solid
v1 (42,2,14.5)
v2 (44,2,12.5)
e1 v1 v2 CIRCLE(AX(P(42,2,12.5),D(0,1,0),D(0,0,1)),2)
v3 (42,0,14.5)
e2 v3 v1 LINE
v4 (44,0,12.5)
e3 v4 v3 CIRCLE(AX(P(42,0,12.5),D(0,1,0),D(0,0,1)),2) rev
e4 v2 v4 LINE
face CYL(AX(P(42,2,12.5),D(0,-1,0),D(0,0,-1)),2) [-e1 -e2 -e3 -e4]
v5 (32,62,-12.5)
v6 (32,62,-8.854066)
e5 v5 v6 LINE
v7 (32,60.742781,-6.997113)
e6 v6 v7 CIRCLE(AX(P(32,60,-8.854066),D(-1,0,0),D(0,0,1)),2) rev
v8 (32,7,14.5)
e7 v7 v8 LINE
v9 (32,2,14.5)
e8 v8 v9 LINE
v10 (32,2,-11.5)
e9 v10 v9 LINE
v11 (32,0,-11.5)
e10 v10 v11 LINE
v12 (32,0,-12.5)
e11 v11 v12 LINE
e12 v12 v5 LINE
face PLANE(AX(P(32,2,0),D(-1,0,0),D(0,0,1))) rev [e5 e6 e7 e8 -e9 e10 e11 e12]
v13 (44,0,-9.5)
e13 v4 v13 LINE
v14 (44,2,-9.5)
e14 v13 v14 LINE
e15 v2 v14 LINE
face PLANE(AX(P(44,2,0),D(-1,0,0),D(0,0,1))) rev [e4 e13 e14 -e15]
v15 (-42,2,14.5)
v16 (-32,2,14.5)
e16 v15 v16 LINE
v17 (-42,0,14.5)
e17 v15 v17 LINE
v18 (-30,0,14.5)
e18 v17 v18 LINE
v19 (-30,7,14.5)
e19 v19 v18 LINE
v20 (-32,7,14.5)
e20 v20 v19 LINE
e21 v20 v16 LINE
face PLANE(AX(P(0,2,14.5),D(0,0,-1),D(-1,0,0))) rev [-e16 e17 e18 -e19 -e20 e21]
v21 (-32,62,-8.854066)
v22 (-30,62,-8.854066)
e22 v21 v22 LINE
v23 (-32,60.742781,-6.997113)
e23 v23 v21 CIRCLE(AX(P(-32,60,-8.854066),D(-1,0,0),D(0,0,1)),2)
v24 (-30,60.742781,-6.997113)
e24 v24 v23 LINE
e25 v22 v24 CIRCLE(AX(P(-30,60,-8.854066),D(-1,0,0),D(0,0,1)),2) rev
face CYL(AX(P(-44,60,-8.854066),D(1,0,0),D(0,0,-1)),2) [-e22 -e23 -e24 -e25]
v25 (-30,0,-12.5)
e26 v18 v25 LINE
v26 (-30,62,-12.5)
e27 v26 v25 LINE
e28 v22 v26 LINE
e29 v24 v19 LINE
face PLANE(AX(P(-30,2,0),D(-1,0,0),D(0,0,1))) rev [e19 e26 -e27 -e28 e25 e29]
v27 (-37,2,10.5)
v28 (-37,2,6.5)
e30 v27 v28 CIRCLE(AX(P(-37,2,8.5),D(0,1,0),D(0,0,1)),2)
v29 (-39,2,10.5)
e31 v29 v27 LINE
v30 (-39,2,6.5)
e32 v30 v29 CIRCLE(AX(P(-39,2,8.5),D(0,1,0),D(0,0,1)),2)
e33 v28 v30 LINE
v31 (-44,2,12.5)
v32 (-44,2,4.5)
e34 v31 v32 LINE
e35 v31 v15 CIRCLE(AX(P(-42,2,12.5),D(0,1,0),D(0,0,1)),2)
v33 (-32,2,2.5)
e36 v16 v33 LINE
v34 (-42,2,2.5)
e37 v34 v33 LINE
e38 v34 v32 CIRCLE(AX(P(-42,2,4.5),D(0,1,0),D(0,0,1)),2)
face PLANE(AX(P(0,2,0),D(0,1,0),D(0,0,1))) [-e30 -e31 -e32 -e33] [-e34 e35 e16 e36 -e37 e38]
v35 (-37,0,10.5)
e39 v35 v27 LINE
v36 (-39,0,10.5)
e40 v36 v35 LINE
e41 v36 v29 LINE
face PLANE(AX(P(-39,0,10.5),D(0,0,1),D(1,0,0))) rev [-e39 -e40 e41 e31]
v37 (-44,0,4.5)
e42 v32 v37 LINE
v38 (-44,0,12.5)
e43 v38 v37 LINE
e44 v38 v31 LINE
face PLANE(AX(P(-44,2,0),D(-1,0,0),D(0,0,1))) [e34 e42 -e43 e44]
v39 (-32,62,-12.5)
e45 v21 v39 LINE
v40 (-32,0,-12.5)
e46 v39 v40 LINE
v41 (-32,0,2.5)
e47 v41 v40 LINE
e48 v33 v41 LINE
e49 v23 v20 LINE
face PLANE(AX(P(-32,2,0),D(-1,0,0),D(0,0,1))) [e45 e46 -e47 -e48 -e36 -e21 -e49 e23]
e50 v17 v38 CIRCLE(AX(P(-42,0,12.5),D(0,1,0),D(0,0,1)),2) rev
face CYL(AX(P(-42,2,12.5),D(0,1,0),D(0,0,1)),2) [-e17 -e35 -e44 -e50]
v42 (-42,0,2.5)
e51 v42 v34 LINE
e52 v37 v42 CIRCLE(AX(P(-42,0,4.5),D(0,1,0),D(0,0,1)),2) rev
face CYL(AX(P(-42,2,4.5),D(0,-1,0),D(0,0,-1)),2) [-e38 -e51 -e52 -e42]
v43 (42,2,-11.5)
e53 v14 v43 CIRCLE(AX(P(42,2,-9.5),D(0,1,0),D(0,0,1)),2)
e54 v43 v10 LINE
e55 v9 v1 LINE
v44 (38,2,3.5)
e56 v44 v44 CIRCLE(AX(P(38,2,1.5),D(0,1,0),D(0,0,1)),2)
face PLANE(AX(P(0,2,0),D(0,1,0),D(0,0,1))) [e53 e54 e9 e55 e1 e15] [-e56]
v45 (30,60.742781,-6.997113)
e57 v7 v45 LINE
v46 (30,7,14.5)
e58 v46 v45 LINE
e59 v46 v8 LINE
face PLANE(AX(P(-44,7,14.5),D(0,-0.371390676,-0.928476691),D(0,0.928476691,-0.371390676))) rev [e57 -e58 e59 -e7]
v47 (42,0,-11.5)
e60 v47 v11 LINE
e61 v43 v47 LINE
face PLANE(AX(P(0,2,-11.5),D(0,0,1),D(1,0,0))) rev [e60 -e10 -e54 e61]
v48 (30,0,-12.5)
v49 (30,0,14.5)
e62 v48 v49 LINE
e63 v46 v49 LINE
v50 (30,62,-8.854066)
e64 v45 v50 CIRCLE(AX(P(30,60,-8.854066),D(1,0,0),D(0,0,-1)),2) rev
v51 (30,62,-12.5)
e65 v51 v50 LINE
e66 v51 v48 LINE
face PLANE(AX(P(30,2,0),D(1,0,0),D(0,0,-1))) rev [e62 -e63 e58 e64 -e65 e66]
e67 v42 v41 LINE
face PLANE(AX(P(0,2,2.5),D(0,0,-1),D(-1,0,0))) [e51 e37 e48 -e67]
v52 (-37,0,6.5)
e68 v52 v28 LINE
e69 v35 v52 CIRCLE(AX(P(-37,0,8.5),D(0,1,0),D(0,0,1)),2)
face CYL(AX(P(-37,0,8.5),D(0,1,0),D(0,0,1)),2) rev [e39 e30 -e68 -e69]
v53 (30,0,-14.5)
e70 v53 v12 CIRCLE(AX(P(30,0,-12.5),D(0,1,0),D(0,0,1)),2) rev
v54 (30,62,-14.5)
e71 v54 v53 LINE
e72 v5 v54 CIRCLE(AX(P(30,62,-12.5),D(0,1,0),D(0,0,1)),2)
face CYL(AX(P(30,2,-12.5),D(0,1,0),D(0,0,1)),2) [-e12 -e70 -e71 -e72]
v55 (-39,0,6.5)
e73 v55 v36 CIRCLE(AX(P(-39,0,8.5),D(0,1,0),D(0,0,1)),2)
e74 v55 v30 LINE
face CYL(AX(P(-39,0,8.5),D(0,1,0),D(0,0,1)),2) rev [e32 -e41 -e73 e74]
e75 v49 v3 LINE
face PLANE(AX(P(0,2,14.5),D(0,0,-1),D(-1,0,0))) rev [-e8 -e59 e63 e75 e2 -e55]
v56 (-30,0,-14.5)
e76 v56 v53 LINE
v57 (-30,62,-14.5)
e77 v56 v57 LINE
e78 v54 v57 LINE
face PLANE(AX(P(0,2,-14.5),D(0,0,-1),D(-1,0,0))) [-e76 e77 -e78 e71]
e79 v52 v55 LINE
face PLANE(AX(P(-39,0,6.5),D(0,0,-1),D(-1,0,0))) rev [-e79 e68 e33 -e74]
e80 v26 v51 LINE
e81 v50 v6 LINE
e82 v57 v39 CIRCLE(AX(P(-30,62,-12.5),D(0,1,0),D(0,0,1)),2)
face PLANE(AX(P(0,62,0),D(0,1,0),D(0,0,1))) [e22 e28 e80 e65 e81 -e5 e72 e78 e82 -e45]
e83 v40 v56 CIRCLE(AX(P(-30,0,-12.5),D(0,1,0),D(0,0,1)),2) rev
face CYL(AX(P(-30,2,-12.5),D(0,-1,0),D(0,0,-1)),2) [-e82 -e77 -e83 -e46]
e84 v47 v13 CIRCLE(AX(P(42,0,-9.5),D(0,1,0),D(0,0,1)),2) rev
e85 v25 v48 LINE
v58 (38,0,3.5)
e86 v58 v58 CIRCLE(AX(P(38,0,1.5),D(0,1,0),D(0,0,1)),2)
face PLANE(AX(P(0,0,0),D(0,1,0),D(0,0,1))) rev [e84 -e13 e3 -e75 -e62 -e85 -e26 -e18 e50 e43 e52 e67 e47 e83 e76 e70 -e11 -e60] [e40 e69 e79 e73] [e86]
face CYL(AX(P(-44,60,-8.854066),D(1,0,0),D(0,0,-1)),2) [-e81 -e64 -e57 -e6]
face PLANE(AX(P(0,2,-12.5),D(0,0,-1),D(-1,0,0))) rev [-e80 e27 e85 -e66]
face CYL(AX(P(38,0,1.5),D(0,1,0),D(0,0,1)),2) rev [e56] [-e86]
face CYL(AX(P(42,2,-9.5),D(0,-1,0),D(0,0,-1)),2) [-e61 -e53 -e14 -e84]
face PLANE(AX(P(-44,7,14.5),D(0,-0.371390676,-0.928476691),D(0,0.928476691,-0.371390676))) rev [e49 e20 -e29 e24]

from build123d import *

# Parameters (mm, degrees)
SALIENTE_EXTRUIR1_DEPTH    = 2
SALIENTE_EXTRUIR2_DEPTH    = 60
CORTAR_EXTRUIR1_DEPTH      = 45
CORTAR_EXTRUIR1_DEPTH_BACK = 45
CROQUIS4_R                 = 2
CORTAR_EXTRUIR2_DEPTH      = 3
REDONDEO1_R                = 2


with BuildPart() as part:
    # Croquis1 → Saliente-Extruir1 (new body)
    with BuildSketch(Plane(origin=(0, 0, 0), x_dir=(1, 0, 0), z_dir=(0, 1, 0))):
        Polygon((-32, -2.5), (-32, 14.5), (32, 14.5), (32, 11.5), (44, 11.5), (44, -14.5), (30, -14.5), (30, 12.5), (-30, 12.5), (-30, -14.5), (-44, -14.5), (-44, -2.5), align=None)
    extrude(amount=SALIENTE_EXTRUIR1_DEPTH)

    # Croquis2 → Saliente-Extruir2 (add)
    with BuildSketch(Plane(origin=(0, 2, 0), x_dir=(1, 0, 0), z_dir=(0, 1, 0))):
        Polygon((-32, 14.5), (-32, -2.5), (-32, -14.5), (-30, -14.5), (-30, 12.5), (30, 12.5), (30, -14.5), (32, -14.5), (32, 14.5), align=None)
    extrude(amount=SALIENTE_EXTRUIR2_DEPTH)

    # Croquis3 → Cortar-Extruir1 (cut, two sides)
    with BuildSketch(Plane(origin=(0, 0, 0), x_dir=(0, 0, -1), z_dir=(1, 0, 0))) as cortar_extruir1_sk:
        Polygon((-14.5, 7), (7.5, 62), (-14.5, 62), align=None)
    extrude(amount=CORTAR_EXTRUIR1_DEPTH, mode=Mode.SUBTRACT)
    extrude(cortar_extruir1_sk.sketch, amount=-CORTAR_EXTRUIR1_DEPTH_BACK, mode=Mode.SUBTRACT)

    # Croquis4 → Cortar-Extruir2 (cut, through all)
    with BuildSketch(Plane(origin=(0, 2, 0), x_dir=(1, 0, 0), z_dir=(0, 1, 0))):
        with Locations((38, -1.5)):
            Circle(CROQUIS4_R)
        with BuildLine():
            Line((-39, -6.5), (-37, -6.5))
            ThreePointArc((-37, -6.5), (-35, -8.5), (-37, -10.5))
            Line((-37, -10.5), (-39, -10.5))
            ThreePointArc((-39, -10.5), (-41, -8.5), (-39, -6.5))
        make_face()
    extrude(amount=-CORTAR_EXTRUIR2_DEPTH, mode=Mode.SUBTRACT)

    # Redondeo1
    redondeo1_edges = [part.edges().sort_by_distance(p)[0] for p in [
        (44, 1, -11.5),
        (44, 1, 14.5),
        (-44, 1, 14.5),
        (-44, 1, 2.5),
        (-32, 31, -14.5),
        (32, 31, -14.5),
        (-31, 62, -7.5),
        (31, 62, -7.5),
    ]]
    fillet(redondeo1_edges, radius=REDONDEO1_R)


solid = part.part
